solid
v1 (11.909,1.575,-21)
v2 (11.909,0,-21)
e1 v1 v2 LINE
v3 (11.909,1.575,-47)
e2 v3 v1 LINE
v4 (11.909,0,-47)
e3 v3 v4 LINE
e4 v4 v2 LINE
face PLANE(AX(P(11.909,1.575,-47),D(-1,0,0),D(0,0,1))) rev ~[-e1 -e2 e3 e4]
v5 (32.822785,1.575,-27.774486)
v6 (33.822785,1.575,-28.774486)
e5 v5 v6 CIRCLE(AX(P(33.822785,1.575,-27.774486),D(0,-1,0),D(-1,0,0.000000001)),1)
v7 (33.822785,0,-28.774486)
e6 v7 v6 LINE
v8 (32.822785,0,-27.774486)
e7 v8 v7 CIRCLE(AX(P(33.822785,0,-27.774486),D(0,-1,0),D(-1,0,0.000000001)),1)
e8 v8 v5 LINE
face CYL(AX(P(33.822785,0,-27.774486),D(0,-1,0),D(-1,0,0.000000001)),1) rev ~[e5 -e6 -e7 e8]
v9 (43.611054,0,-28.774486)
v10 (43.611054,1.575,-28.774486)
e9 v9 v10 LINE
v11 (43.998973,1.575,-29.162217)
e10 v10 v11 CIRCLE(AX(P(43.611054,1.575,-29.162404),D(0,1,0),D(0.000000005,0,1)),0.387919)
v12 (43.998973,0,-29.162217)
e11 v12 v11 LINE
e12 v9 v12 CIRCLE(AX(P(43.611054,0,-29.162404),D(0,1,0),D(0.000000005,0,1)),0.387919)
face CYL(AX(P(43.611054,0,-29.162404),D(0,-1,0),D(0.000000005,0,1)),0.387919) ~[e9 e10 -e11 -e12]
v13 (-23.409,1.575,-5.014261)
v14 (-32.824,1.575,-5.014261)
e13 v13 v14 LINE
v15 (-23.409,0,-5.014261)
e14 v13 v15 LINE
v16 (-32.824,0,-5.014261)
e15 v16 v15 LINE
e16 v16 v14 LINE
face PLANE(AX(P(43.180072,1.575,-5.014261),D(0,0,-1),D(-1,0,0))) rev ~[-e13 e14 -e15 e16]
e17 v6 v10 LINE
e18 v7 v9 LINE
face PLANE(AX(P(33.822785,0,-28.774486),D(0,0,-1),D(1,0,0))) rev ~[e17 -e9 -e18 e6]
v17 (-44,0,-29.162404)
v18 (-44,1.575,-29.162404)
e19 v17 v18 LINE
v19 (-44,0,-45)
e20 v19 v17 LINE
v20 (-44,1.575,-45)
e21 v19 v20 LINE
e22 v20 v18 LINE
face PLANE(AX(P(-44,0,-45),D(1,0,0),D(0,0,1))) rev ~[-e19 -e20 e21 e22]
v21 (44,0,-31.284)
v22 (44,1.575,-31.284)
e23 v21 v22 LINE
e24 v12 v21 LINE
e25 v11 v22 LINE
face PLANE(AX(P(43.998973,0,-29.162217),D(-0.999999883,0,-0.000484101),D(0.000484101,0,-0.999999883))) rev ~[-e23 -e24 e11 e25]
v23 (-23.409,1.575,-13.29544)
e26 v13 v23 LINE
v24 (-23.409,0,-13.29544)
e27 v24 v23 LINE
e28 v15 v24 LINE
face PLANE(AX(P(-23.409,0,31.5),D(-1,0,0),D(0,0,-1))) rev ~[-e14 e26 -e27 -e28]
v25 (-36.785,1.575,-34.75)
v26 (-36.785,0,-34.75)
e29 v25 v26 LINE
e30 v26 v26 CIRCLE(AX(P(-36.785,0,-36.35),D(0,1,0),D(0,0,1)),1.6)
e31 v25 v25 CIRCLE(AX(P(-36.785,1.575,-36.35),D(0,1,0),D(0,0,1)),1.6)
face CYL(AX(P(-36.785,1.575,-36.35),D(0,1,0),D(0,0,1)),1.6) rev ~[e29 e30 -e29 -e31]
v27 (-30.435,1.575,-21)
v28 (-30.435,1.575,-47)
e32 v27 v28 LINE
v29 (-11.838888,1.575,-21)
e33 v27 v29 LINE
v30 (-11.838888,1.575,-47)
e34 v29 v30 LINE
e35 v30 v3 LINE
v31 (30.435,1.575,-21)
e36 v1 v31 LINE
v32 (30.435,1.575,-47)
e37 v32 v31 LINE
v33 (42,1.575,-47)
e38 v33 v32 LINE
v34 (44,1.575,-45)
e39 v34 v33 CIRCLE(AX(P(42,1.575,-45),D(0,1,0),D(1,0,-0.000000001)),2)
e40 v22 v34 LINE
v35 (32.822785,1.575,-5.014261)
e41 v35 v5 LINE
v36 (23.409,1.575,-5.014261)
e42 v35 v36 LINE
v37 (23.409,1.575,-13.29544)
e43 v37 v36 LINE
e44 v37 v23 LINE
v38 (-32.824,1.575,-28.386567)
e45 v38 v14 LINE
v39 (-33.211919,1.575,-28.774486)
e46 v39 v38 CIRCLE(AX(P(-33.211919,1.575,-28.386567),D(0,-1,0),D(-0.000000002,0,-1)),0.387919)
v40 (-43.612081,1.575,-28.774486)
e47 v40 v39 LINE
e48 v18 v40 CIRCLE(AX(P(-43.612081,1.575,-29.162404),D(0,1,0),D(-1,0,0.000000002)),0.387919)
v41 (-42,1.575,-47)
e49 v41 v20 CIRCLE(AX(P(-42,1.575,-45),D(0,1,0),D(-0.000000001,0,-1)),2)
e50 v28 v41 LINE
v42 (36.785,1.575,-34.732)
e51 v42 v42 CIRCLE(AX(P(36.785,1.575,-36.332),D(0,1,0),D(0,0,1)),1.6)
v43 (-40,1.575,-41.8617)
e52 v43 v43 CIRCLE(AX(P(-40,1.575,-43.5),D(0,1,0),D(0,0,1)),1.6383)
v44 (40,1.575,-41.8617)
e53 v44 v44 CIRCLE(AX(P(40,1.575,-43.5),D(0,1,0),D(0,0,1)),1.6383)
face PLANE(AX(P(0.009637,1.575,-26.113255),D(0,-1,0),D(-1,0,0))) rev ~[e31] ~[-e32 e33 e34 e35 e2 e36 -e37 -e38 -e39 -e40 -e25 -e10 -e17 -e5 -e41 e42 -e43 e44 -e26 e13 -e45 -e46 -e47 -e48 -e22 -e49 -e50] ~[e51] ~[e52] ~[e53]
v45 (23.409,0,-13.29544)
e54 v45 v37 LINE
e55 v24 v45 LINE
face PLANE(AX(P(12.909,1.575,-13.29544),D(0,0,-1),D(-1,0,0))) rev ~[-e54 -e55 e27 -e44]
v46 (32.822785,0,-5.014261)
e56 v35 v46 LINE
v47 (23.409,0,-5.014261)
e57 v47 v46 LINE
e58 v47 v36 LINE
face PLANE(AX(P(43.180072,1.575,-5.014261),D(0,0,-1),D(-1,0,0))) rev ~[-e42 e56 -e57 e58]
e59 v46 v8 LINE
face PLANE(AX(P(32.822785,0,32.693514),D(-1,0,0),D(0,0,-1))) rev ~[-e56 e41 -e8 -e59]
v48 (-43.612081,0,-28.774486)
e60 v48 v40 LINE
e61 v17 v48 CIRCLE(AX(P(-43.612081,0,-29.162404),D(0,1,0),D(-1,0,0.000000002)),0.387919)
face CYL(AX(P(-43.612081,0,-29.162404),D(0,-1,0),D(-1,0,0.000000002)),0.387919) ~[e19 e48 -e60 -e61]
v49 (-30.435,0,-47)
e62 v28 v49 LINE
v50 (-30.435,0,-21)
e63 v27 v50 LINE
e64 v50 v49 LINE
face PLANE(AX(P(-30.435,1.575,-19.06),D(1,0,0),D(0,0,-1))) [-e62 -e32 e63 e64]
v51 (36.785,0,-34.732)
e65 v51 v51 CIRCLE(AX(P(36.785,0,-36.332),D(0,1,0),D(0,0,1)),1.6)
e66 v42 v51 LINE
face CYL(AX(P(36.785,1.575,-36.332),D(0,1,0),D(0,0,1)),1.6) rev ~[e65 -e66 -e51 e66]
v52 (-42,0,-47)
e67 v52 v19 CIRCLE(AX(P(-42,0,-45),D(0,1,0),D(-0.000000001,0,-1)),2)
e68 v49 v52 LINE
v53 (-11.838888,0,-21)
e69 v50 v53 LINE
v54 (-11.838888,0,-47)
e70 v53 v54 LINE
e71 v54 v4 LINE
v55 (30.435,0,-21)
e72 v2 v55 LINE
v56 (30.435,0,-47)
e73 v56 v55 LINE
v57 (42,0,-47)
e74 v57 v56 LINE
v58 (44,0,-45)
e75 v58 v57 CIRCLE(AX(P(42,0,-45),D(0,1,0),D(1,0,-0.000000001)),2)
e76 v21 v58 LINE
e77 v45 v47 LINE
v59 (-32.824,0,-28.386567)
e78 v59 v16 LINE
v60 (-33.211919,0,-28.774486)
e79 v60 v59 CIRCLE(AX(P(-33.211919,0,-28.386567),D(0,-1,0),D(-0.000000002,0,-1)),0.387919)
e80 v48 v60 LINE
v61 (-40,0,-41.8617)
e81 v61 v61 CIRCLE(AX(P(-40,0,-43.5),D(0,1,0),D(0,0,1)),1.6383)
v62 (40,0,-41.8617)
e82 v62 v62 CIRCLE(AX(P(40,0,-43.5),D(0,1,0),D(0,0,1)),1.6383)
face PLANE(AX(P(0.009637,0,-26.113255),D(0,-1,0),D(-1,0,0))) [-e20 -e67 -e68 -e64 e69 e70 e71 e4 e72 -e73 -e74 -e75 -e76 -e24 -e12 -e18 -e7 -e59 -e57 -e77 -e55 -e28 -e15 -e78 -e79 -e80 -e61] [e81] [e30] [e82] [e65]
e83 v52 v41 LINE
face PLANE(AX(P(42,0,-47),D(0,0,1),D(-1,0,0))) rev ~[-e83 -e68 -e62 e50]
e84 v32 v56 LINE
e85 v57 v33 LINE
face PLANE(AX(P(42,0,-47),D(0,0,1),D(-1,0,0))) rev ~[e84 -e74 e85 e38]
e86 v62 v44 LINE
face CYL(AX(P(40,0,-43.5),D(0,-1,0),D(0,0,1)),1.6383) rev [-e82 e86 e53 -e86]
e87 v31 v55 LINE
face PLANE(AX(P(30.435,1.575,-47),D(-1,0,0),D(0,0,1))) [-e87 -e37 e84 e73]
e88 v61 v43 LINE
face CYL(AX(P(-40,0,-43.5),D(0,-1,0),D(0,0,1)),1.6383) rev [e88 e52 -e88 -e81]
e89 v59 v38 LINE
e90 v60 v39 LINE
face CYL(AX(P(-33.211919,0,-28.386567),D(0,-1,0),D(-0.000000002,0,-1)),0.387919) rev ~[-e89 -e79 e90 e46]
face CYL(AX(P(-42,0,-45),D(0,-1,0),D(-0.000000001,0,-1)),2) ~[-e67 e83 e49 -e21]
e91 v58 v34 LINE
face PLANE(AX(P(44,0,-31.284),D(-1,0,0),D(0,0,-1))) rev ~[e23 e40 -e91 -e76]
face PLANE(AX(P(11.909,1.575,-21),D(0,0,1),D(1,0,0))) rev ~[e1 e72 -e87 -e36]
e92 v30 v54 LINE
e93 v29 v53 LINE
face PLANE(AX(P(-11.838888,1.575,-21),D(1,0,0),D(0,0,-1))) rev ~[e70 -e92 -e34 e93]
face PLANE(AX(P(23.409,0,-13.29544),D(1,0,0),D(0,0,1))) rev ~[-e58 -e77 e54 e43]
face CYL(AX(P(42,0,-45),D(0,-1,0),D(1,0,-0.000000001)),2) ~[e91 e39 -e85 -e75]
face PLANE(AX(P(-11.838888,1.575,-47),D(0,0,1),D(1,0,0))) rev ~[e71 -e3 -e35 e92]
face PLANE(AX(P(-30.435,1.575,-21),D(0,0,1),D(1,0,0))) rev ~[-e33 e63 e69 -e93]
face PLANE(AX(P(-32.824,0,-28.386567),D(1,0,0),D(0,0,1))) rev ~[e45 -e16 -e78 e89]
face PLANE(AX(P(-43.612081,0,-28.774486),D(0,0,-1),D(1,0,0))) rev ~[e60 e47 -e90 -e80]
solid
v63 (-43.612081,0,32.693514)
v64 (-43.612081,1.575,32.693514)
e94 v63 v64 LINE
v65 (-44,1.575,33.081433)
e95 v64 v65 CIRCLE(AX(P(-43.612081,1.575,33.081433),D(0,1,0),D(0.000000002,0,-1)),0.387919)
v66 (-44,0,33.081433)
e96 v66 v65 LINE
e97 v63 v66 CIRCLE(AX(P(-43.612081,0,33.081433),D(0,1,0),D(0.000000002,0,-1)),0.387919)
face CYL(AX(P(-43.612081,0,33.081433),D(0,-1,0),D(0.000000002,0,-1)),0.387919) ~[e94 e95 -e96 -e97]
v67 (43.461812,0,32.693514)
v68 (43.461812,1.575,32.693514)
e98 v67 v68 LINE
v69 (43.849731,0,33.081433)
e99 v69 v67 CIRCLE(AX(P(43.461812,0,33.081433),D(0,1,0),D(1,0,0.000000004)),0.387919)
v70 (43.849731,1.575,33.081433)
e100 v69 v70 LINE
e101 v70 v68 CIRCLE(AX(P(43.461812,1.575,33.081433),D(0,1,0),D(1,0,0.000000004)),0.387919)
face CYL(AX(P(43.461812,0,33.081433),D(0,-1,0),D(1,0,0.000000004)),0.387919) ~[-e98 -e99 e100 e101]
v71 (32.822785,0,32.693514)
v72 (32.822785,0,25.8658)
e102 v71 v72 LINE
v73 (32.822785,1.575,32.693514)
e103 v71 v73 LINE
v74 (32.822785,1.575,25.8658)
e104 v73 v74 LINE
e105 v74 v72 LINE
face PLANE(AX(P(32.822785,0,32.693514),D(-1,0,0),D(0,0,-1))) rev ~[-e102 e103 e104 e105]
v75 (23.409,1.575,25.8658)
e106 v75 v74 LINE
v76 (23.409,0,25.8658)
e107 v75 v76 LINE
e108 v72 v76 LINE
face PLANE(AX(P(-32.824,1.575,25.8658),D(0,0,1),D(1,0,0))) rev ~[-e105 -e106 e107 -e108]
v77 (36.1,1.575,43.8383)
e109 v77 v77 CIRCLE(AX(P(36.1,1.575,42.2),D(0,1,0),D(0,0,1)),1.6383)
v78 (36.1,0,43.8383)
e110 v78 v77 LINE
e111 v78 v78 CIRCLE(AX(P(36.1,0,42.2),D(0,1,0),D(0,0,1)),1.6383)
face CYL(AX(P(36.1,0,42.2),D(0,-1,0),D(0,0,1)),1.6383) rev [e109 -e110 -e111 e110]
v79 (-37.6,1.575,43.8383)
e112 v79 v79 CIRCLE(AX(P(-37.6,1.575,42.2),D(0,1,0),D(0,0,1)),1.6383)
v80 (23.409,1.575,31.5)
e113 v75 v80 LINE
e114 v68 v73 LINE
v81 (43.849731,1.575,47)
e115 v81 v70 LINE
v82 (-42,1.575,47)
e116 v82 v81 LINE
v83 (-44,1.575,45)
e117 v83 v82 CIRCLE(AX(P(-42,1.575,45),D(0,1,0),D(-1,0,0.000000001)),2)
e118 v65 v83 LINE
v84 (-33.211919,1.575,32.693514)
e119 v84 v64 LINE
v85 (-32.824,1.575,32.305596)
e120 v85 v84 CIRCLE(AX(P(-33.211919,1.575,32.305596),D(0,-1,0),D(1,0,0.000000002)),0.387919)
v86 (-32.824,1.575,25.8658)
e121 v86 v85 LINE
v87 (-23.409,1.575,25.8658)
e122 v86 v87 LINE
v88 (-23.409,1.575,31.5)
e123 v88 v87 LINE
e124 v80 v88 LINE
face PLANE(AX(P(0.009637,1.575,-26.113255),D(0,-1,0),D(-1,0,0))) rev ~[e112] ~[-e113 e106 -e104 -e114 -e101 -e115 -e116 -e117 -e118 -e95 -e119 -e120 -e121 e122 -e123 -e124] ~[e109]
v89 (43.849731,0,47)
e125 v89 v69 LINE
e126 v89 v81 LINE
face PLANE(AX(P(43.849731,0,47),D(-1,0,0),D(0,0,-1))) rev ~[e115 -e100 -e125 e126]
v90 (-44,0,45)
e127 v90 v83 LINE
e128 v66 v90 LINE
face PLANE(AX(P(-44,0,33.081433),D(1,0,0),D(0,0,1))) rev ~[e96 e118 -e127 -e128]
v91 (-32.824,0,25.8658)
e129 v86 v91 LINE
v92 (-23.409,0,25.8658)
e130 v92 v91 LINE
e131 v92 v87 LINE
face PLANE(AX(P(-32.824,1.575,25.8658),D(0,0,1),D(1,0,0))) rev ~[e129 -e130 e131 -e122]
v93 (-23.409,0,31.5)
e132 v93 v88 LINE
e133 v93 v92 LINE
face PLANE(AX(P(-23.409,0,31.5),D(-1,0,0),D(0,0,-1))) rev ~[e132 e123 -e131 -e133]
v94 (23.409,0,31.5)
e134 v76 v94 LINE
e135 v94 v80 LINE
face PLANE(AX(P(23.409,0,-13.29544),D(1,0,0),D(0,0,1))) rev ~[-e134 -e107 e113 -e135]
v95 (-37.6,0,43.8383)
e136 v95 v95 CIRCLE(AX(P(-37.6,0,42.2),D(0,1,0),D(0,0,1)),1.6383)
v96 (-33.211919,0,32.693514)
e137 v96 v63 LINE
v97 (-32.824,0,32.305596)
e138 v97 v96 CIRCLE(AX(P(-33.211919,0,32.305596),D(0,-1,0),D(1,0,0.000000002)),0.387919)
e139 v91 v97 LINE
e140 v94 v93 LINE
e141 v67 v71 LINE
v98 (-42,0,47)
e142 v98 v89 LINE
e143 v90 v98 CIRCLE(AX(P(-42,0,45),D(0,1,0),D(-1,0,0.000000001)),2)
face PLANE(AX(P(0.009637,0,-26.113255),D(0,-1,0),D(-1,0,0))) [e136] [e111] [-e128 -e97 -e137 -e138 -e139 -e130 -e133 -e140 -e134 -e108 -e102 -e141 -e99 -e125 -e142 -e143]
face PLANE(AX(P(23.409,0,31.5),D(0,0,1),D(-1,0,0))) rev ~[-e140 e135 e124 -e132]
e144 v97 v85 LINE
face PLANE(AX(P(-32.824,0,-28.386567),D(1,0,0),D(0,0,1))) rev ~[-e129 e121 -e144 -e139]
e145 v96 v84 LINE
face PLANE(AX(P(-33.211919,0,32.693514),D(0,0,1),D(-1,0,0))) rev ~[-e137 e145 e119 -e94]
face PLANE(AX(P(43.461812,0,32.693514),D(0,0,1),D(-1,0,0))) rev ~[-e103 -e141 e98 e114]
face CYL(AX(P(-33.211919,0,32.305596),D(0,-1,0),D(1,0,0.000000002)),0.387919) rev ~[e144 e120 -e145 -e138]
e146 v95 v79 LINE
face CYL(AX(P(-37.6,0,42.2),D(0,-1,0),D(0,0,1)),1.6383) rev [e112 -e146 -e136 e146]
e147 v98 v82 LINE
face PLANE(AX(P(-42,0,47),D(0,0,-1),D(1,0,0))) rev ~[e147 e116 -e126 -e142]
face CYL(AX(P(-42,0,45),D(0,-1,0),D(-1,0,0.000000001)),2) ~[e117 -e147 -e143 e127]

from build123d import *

# Parameters (mm, degrees)
SKETCH1_R           = 1.6383
BOSS_EXTRUDE1_DEPTH = 1.575
CUT_EXTRUDE1_DEPTH  = 2.54
SKETCH15_R          = 1.6
CUT_EXTRUDE5_DEPTH  = 65.400936523
BOSS_EXTRUDE2_DEPTH = 1.575
CUT_EXTRUDE7_DEPTH  = 65.400936523
SKETCH21_W          = 65.646785141
SKETCH21_H          = 2.674
CUT_EXTRUDE10_DEPTH = 65.400936523


with BuildPart() as part:
    # Sketch1 → Boss-Extrude1 (new body)
    with BuildSketch(Plane(origin=(0, 0, 0), x_dir=(1, 0, 0), z_dir=(0, 1, 0))):
        with BuildLine():
            Line((-44, 45), (-44, 29.162404323))
            ThreePointArc((-44, 29.162404323), (-43.886381258, 28.888104416), (-43.612081351, 28.774485674))
            Line((-43.612081351, 28.774485674), (-33.211918649, 28.774485674))
            ThreePointArc((-33.211918649, 28.774485674), (-32.937618742, 28.660866933), (-32.824, 28.386567026))
            Line((-32.824, 28.386567026), (-32.824, -32.305595677))
            ThreePointArc((-32.824, -32.305595677), (-32.937618742, -32.579895584), (-33.211918649, -32.693514326))
            Line((-33.211918649, -32.693514326), (-36.100000052, -32.693514326))
            Line((-36.100000052, -32.693514326), (-43.612081299, -32.693514326))
            ThreePointArc((-43.612081299, -32.693514326), (-43.886381206, -32.807133067), (-43.999999948, -33.081432974))
            Line((-43.999999948, -33.081432974), (-43.999999948, -38.977))
            Line((-43.999999948, -38.977), (-43.999999948, -45))
            ThreePointArc((-43.999999948, -45), (-43.41421351, -46.414213562), (-41.999999948, -47))
            Line((-41.999999948, -47), (42.705916546, -47))
            Line((42.705916546, -47), (43.849731117, -47))
            Line((43.849731117, -47), (43.849731117, -38.27))
            Line((43.849731117, -38.27), (43.849731117, -33.081432974))
            ThreePointArc((43.849731117, -33.081432974), (43.736112376, -32.807133067), (43.461812469, -32.693514326))
            Line((43.461812469, -32.693514326), (36.098785193, -32.693514326))
            Line((36.098785193, -32.693514326), (33.824, -32.693514326))
            Line((33.824, -32.693514326), (32.822785141, -32.693514326))
            Line((32.822785141, -32.693514326), (32.822785141, -30.469351623))
            Line((32.822785141, -30.469351623), (32.822785141, 27.774485674))
            ThreePointArc((32.822785141, 27.774485674), (33.11567836, 28.481592456), (33.822785141, 28.774485674))
            Line((33.822785141, 28.774485674), (43.611054239, 28.774485674))
            ThreePointArc((43.611054239, 28.774485674), (43.885287743, 28.88803803), (43.998972842, 29.162216531))
            Line((43.998972842, 29.162216531), (44, 31.284))
            Line((44, 31.284), (44, 45))
            ThreePointArc((44, 45), (43.414213562, 46.414213562), (42, 47))
            Line((42, 47), (-42, 47))
            ThreePointArc((-42, 47), (-43.414213562, 46.414213562), (-44, 45))
        make_face()
        with Locations(Location((40, 43.5, 0), (0, 0, 270))):
            Circle(SKETCH1_R, mode=Mode.SUBTRACT)
        with Locations(Location((-40, 43.5, 0), (0, 0, 270))):
            Circle(SKETCH1_R, mode=Mode.SUBTRACT)
        with Locations(Location((-37.599999948, -42.2, 0), (0, 0, 270))):
            Circle(SKETCH1_R, mode=Mode.SUBTRACT)
        with Locations(Location((36.100000052, -42.2, 0), (0, 0, 270))):
            Circle(SKETCH1_R, mode=Mode.SUBTRACT)
        Polygon((23.409, -31.5), (-23.409, -31.5), (-23.409, 13.29544), (-12.909, 13.29544), (-12.909, 25.99544), (12.909, 25.99544), (12.909, 13.29544), (23.409, 13.29544), align=None, mode=Mode.SUBTRACT)
    extrude(amount=BOSS_EXTRUDE1_DEPTH)

    # Sketch2 → Cut-Extrude1 (cut)
    with BuildSketch(Plane(origin=(0, 1.575, 0), x_dir=(1, 0, 0), z_dir=(0, 1, 0))):
        Polygon((-12.909, 19.06), (-30.435, 19.06), (-30.435, 47), (30.435, 47), (30.435, 19.06), (12.909, 19.06), (12.909, 25.99544), (-12.909, 25.99544), align=None)
    extrude(amount=-CUT_EXTRUDE1_DEPTH, mode=Mode.SUBTRACT)

    # Sketch15 → Cut-Extrude5 (cut, through all)
    with BuildSketch(Plane(origin=(0, 1.575, 0), x_dir=(1, 0, 0), z_dir=(0, 1, 0))):
        with Locations(Location((-36.785, 36.35, 0), (0, 0, 270))):
            Circle(SKETCH15_R)
        with Locations(Location((36.785, 36.332, 0), (0, 0, 270))):
            Circle(SKETCH15_R)
    extrude(amount=-CUT_EXTRUDE5_DEPTH, mode=Mode.SUBTRACT)

    # Sketch16 → Boss-Extrude2 (add)
    with BuildSketch(Plane(origin=(0, 1.575, 0), x_dir=(1, 0, 0), z_dir=(0, 1, 0))):
        Polygon((12.909, 19.06), (12.909, 13.29544), (-12.909, 13.29544), (-12.909, 19.06), (-30.435, 19.06), (-30.435, 21), (-11.838888217, 21), (-11.838888217, 47), (11.909, 47), (11.909, 21), (30.435, 21), (30.435, 19.06), align=None)
    extrude(amount=-BOSS_EXTRUDE2_DEPTH)

    # Sketch17 → Cut-Extrude7 (cut, through all)
    with BuildSketch(Plane(origin=(0, 1.575, 0), x_dir=(1, 0, 0), z_dir=(0, 1, 0))):
        Polygon((-42.620402532, -10.524407413), (-42.620402532, -23.19180025), (43.180071614, -23.19180025), (43.180071614, -10.524407413), (43.180071614, 5.014261133), (-42.620402532, 5.014261133), align=None)
    extrude(amount=-CUT_EXTRUDE7_DEPTH, mode=Mode.SUBTRACT)


with BuildPart() as cut_extrude7_piece_1:
    # of the separate pieces the step leaves, piece 1, a body of its own (cut_extrude7_pieces)
    add(part.part.solids().sort_by_distance((-44, 0, -45))[0])


with BuildPart() as cut_extrude7_piece_2:
    # of the separate pieces the step leaves, piece 2, a body of its own (cut_extrude7_pieces)
    add(part.part.solids().sort_by_distance((-32.824, 0, 23.19180025))[0])

    # Sketch21 → Cut-Extrude10 (cut, through all)
    with BuildSketch(Plane(origin=(0, 1.575, 0), x_dir=(1, 0, 0), z_dir=(0, 1, 0))):
        with Locations((-0.00060743, -24.52880025)):
            Rectangle(SKETCH21_W, SKETCH21_H)
    extrude(amount=-CUT_EXTRUDE10_DEPTH, mode=Mode.SUBTRACT)


solid = Compound([cut_extrude7_piece_1.part, cut_extrude7_piece_2.part])
